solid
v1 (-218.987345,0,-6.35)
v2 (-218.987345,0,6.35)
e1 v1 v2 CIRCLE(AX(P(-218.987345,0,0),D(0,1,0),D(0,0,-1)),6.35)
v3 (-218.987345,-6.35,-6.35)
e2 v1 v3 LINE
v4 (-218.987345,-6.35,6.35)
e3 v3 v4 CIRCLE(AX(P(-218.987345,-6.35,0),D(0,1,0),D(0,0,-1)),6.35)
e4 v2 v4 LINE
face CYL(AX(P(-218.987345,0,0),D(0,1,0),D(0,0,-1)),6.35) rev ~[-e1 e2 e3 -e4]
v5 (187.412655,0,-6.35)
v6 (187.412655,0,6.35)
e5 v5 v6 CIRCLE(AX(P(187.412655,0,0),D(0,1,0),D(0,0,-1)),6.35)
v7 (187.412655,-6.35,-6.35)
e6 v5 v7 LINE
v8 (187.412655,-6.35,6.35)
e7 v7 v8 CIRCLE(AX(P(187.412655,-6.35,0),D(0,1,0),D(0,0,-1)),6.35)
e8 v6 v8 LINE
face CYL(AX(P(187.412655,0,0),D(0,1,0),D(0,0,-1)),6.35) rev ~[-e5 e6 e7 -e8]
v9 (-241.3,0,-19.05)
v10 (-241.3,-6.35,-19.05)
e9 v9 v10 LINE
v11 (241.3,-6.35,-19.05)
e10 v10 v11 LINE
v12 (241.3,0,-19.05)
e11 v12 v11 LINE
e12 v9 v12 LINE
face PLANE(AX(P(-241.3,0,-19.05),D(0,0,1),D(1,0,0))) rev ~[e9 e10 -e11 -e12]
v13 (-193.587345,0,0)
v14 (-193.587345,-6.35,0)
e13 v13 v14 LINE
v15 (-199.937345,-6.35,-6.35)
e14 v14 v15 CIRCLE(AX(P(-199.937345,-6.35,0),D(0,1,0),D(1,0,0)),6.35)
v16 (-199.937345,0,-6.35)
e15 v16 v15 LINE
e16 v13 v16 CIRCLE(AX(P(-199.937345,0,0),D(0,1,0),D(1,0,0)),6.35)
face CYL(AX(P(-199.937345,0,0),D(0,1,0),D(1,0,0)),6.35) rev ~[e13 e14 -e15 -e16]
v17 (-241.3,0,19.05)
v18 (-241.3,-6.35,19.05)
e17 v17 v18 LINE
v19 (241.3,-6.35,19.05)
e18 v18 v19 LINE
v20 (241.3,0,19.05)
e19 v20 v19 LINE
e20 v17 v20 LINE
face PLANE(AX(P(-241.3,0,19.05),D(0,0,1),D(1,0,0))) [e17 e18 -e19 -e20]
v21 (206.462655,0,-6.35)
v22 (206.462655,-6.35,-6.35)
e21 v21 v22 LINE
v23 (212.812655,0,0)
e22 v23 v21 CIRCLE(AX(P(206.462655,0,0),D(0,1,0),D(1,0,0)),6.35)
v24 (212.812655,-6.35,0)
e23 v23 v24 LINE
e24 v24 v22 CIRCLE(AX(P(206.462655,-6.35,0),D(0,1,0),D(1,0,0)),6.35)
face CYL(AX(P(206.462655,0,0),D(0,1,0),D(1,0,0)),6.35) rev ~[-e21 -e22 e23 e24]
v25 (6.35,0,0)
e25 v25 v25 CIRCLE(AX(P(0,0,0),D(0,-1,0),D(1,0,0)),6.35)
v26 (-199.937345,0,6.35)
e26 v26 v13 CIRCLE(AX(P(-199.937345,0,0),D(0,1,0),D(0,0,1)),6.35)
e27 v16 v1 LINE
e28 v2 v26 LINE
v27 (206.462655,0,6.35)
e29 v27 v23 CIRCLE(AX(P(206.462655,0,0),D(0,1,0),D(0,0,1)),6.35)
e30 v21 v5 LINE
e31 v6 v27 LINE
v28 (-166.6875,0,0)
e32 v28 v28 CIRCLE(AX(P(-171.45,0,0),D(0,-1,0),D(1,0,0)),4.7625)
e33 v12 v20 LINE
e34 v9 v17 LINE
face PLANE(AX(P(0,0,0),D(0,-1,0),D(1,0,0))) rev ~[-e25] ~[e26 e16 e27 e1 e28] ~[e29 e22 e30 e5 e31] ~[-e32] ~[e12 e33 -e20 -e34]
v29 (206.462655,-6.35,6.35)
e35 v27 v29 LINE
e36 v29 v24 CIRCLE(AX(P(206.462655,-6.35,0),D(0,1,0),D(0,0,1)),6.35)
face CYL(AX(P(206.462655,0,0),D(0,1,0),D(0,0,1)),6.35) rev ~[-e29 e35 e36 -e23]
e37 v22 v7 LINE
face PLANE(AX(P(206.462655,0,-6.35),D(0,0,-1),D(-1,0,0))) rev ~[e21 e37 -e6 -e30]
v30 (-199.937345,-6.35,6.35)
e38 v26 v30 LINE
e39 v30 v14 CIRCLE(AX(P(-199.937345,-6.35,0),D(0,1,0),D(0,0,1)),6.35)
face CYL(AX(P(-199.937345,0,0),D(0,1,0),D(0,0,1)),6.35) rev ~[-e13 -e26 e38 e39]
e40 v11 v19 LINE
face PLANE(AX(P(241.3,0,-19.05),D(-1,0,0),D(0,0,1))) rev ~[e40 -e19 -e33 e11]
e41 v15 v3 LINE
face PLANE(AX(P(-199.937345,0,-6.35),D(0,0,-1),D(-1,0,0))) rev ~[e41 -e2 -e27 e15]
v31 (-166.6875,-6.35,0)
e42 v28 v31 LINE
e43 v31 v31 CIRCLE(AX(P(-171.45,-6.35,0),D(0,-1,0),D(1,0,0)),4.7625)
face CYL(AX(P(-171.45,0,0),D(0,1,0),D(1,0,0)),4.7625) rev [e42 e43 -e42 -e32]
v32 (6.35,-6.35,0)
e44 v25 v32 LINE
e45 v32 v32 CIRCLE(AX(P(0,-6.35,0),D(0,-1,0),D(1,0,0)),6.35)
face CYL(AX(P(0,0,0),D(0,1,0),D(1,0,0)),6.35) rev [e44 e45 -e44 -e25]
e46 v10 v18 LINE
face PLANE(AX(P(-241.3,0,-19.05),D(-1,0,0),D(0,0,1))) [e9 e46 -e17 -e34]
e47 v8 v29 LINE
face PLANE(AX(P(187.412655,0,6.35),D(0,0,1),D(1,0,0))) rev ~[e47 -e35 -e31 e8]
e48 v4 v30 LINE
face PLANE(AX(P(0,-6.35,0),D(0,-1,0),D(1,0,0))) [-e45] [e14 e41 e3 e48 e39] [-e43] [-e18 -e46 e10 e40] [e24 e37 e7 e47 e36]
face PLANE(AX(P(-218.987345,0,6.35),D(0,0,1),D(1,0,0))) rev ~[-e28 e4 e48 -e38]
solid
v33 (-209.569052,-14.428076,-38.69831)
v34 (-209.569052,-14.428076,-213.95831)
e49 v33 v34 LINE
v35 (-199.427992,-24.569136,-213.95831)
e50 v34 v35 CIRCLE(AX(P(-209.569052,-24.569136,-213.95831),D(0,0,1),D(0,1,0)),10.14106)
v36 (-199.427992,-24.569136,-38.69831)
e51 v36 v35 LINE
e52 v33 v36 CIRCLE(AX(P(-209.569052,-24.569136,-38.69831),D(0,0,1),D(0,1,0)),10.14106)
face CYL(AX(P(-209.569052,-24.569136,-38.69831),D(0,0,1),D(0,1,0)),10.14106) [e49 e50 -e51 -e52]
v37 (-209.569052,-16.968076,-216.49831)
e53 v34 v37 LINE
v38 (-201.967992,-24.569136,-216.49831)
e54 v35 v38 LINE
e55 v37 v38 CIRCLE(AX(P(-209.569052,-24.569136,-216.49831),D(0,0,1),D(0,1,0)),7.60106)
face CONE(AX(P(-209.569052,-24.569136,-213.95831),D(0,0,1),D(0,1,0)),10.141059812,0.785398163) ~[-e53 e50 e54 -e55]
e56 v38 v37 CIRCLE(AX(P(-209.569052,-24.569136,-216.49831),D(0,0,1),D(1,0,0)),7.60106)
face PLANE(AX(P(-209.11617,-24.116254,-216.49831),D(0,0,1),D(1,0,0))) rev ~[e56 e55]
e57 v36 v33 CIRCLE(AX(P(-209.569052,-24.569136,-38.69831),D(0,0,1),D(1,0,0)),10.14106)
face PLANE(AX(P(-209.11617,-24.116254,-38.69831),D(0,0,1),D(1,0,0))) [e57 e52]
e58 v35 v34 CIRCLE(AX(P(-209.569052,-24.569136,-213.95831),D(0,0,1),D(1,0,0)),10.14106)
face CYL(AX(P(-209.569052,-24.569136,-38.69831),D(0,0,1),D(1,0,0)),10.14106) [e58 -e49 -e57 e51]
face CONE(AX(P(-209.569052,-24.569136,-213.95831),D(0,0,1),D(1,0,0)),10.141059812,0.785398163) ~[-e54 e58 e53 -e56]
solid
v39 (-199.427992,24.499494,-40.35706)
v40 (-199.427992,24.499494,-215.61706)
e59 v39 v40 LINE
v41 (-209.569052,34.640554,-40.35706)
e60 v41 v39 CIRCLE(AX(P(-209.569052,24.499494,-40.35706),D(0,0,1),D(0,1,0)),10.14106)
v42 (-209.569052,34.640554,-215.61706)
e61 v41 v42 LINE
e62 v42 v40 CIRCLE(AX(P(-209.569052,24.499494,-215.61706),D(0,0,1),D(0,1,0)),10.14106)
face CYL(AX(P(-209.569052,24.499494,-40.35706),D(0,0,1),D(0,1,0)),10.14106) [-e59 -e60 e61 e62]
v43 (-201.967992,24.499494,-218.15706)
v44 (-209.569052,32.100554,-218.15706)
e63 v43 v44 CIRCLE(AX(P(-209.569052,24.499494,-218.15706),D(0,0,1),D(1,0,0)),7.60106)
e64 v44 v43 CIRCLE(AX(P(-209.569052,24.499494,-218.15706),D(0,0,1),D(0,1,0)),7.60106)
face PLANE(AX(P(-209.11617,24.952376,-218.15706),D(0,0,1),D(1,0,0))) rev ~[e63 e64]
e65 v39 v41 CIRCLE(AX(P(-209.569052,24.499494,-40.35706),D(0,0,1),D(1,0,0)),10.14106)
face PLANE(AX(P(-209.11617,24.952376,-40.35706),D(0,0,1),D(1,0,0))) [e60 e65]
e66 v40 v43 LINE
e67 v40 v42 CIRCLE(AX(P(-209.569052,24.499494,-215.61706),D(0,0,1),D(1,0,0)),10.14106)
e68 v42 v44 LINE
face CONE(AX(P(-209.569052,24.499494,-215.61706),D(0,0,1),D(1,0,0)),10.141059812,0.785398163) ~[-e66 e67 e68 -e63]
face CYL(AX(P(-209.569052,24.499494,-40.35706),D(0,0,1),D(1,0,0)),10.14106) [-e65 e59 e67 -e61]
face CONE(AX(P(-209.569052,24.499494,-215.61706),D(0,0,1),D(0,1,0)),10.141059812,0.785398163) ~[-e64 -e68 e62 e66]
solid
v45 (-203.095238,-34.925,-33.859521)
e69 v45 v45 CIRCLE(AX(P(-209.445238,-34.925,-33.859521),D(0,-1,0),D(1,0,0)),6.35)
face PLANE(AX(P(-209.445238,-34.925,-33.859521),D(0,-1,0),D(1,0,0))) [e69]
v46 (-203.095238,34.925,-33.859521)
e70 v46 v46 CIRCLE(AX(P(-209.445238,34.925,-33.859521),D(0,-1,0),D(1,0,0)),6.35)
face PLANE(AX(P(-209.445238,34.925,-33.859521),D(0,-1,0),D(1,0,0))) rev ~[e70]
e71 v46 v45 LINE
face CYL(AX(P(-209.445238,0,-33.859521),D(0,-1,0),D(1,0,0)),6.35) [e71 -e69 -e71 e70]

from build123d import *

# Parameters (mm, degrees)
F0_W     = 482.6
F0_H     = 38.1
F0_R     = 4.7625
F0_R_2   = 6.35
F1_DEPTH = 6.35
F2_R     = 6.35
F3_DEPTH = 34.925
F5_START = -25.4
F5_DEPTH = 177.8
F8_SIZE  = 2.54
F9_SIZE  = 2.54


with BuildPart() as f1:
    # F0 (on Front) → F1 (new body)
    with BuildSketch(Plane.XZ):
        Rectangle(F0_W, F0_H)
        with BuildLine():
            ThreePointArc((-218.9873446465, -6.35), (-225.3373446465, 0), (-218.9873446465, 6.35))
            Line((-218.9873446465, 6.35), (-199.9373446465, 6.35))
            ThreePointArc((-199.9373446465, 6.35), (-195.4472165859, 4.4901280605), (-193.5873446465, 0))
            ThreePointArc((-193.5873446465, 0), (-195.4472165859, -4.4901280605), (-199.9373446465, -6.35))
            Line((-199.9373446465, -6.35), (-218.9873446465, -6.35))
        make_face(mode=Mode.SUBTRACT)
        with Locations((-171.45, 0)):
            Circle(F0_R, mode=Mode.SUBTRACT)
        Circle(F0_R_2, mode=Mode.SUBTRACT)
        with BuildLine():
            Line((187.4126553535, 6.35), (206.4626553535, 6.35))
            ThreePointArc((206.4626553535, 6.35), (210.9527834141, 4.4901280605), (212.8126553535, 0))
            ThreePointArc((212.8126553535, 0), (210.9527834141, -4.4901280605), (206.4626553535, -6.35))
            Line((206.4626553535, -6.35), (187.4126553535, -6.35))
            ThreePointArc((187.4126553535, -6.35), (181.0626553535, 0), (187.4126553535, 6.35))
        make_face(mode=Mode.SUBTRACT)
    extrude(amount=F1_DEPTH)


with BuildPart() as f3:
    # F2 (on Front) → F3 (new body, symmetric)
    with BuildSketch(Plane.XZ):
        with Locations((-209.4452381134, -33.8595211506)):
            Circle(F2_R)
    extrude(amount=F3_DEPTH, both=True)


with BuildPart() as f5:
    # F4 (on Top) → F5 (new body)
    with BuildSketch(Plane.XY.offset(F5_START)):
        with BuildLine():
            ThreePointArc((-209.5690518618, -35.2836660483), (-216.7398640233, -52.5955380219), (-199.4279920497, -45.4247258604))
            ThreePointArc((-199.4279920497, -45.4247258604), (-202.3982397002, -38.2539136988), (-209.5690518618, -35.2836660483))
        make_face()
    extrude(amount=-F5_DEPTH)


with BuildPart() as f6_1:
    # F6: copy of F5
    add(f5.part.moved(Location((0, 69.92422, -14.95706))))

    # F9
    f9_edges = [f6_1.edges().sort_by_distance(p)[0] for p in [
        (-219.710112, 24.499494, -218.15706),
    ]]
    chamfer(f9_edges, length=F9_SIZE)


with BuildPart() as f5_1:
    # F7: moved
    add(f5.part.moved(Location((0, 20.85559, -13.29831))))

    # F8
    f8_edges = [f5_1.edges().sort_by_distance(p)[0] for p in [
        (-219.710112, -24.569136, -216.49831),
    ]]
    chamfer(f8_edges, length=F8_SIZE)


solid = Compound([f1.part, f3.part, f6_1.part, f5_1.part])
